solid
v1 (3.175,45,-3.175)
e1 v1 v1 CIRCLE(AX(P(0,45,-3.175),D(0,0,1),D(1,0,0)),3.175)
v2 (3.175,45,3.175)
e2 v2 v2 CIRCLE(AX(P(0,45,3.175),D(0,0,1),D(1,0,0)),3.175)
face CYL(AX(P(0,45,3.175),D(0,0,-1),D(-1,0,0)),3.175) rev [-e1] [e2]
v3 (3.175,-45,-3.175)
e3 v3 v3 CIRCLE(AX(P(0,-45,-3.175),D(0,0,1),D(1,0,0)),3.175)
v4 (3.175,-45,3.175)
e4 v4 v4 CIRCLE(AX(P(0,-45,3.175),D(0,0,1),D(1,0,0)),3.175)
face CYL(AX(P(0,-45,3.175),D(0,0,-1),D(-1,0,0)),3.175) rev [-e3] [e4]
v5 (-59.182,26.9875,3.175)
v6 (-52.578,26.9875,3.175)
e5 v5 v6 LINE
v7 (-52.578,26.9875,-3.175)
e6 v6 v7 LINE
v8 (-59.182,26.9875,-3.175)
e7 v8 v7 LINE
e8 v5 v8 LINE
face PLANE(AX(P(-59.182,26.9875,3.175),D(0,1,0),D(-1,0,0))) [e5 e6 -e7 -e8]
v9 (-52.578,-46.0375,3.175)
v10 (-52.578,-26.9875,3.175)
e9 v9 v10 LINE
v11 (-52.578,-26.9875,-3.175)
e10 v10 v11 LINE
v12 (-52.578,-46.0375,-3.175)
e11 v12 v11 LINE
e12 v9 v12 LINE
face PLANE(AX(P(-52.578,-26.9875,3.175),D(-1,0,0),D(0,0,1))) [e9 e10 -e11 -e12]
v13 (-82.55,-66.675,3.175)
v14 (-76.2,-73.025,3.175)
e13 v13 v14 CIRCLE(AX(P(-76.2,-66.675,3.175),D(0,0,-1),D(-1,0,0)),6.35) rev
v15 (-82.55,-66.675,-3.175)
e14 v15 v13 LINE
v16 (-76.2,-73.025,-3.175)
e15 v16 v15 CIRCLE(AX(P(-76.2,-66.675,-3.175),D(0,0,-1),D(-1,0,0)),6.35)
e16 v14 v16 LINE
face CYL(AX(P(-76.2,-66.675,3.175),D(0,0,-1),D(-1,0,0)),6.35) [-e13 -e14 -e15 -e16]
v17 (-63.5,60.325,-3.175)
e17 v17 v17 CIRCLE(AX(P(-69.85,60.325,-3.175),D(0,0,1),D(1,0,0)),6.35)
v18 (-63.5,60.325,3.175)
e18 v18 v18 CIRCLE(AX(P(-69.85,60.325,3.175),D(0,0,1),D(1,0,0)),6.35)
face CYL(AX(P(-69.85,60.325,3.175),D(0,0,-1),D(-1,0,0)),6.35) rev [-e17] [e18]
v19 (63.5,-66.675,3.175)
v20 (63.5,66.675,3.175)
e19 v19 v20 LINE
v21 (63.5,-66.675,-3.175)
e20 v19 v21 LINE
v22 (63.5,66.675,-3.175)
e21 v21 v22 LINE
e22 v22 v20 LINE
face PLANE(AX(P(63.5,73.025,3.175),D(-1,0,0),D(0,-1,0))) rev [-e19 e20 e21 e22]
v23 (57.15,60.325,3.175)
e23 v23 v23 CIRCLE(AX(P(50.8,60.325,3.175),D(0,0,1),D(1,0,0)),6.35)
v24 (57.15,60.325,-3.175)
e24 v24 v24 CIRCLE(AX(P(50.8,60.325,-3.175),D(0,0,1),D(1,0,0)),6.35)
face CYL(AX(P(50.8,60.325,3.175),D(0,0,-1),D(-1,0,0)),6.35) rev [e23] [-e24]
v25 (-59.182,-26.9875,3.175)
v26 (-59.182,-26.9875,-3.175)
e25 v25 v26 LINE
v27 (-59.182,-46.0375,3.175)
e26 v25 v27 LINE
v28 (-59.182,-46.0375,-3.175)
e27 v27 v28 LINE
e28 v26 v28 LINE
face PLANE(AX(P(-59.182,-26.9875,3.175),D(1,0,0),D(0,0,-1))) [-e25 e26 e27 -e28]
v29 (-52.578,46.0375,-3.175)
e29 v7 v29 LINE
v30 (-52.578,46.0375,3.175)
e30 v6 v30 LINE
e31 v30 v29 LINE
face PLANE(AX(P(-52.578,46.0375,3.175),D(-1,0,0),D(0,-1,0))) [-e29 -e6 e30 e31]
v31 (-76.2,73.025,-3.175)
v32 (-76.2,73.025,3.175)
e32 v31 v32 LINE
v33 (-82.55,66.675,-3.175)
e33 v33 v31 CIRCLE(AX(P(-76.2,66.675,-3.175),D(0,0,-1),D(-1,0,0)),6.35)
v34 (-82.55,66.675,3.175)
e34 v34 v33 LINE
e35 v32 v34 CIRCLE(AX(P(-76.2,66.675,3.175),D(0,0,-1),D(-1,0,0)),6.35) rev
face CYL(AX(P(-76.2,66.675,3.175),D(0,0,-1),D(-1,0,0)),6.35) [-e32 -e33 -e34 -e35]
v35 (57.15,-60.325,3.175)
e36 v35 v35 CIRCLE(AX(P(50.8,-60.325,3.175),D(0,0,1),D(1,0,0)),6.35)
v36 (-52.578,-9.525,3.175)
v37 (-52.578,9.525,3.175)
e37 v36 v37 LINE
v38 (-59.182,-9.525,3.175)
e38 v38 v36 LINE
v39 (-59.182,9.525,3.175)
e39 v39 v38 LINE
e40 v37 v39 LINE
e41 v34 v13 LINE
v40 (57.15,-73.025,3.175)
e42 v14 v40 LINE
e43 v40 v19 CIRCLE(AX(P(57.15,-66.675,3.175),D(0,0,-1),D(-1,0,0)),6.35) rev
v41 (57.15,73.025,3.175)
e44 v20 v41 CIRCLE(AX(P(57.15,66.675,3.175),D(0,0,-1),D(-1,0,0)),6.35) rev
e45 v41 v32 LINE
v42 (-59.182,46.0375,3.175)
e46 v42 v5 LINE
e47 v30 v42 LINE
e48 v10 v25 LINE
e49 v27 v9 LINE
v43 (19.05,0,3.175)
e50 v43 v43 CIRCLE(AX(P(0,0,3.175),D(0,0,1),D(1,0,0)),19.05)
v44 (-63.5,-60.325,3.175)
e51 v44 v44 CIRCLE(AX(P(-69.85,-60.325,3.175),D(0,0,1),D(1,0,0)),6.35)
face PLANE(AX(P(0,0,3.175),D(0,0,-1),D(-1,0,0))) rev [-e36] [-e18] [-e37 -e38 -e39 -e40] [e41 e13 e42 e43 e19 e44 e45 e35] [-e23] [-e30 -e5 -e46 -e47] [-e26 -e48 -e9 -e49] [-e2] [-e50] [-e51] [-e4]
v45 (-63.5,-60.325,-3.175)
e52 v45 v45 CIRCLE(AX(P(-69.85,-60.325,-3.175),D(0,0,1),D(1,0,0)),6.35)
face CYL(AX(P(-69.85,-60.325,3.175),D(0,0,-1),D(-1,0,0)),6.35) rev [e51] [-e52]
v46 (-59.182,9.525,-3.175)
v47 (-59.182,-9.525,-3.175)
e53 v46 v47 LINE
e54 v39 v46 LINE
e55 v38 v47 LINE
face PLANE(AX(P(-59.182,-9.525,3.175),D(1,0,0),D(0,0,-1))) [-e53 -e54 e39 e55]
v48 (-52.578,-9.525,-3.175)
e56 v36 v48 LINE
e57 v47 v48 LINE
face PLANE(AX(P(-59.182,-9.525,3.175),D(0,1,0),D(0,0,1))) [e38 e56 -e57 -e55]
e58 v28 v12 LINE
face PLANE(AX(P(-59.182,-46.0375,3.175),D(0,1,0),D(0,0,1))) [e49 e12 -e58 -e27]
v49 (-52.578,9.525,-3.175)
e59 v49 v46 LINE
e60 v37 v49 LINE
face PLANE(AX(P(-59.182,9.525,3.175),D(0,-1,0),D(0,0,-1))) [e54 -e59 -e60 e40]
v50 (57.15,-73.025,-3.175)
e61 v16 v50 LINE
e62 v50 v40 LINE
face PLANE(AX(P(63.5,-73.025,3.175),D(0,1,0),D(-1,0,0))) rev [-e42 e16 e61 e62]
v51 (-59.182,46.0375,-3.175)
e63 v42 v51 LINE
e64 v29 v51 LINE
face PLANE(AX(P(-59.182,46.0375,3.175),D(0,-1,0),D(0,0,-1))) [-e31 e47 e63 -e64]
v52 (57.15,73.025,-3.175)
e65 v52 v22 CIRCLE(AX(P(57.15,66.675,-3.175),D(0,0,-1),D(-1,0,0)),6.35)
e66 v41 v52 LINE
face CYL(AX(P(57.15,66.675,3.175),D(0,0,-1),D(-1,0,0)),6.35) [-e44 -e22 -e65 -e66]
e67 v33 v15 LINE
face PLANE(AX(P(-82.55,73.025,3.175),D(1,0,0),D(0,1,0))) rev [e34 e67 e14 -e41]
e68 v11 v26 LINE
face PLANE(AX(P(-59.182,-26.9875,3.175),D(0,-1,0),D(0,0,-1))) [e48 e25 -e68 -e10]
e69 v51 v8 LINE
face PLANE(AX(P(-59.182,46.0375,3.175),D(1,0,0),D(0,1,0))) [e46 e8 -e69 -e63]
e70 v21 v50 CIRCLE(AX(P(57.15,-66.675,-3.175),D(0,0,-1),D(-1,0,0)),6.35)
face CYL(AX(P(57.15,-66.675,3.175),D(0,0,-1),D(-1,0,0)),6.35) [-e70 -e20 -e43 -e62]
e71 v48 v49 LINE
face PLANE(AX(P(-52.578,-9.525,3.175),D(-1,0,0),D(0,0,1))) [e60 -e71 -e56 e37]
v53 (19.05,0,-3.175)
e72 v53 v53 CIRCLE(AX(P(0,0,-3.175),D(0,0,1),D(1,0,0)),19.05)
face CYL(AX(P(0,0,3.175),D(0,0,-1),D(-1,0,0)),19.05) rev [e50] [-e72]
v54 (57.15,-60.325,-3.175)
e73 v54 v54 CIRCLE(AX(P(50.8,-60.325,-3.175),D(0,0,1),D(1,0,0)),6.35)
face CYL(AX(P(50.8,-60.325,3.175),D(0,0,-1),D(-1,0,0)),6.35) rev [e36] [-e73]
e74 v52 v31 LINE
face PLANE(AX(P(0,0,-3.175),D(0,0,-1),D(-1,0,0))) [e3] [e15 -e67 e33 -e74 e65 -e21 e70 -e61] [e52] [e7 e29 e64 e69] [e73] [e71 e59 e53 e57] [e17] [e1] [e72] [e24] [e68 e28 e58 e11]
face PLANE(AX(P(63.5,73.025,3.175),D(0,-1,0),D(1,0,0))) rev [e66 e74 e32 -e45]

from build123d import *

# Parameters (mm, degrees)
SKETCH1_W           = 146.05
SKETCH1_H           = 146.05
SKETCH1_R           = 6.35
SKETCH1_R_2         = 19.05
SKETCH1_R_3         = 3.175
SKETCH1_W_2         = 6.604
SKETCH1_H_2         = 19.05
BOSS_EXTRUDE1_DEPTH = 3.175
FILLET1_R           = 6.35


with BuildPart() as part:
    # Sketch1 → Boss-Extrude1 (new body, symmetric)
    with BuildSketch(Plane.XY):
        with Locations((-9.525, 0)):
            Rectangle(SKETCH1_W, SKETCH1_H)
        with Locations((50.8, 60.325)):
            Circle(SKETCH1_R, mode=Mode.SUBTRACT)
        with Locations((50.8, -60.325)):
            Circle(SKETCH1_R, mode=Mode.SUBTRACT)
        Circle(SKETCH1_R_2, mode=Mode.SUBTRACT)
        with Locations((0, 45)):
            Circle(SKETCH1_R_3, mode=Mode.SUBTRACT)
        with Locations((0, -45)):
            Circle(SKETCH1_R_3, mode=Mode.SUBTRACT)
        with Locations((-69.85, 60.325)):
            Circle(SKETCH1_R, mode=Mode.SUBTRACT)
        with Locations((-69.85, -60.325)):
            Circle(SKETCH1_R, mode=Mode.SUBTRACT)
        with Locations((-55.88, 0)):
            Rectangle(SKETCH1_W_2, SKETCH1_H_2, mode=Mode.SUBTRACT)
        with Locations((-55.88, 36.5125)):
            Rectangle(SKETCH1_W_2, SKETCH1_H_2, mode=Mode.SUBTRACT)
        with Locations((-55.88, -36.5125)):
            Rectangle(SKETCH1_W_2, SKETCH1_H_2, mode=Mode.SUBTRACT)
    extrude(amount=BOSS_EXTRUDE1_DEPTH, both=True)

    # Fillet1
    fillet1_edges = [part.edges().sort_by_distance(p)[0] for p in [
        (-82.55, 73.025, 0),
        (63.5, 73.025, 0),
        (63.5, -73.025, 0),
        (-82.55, -73.025, 0),
    ]]
    fillet(fillet1_edges, radius=FILLET1_R)


solid = part.part
